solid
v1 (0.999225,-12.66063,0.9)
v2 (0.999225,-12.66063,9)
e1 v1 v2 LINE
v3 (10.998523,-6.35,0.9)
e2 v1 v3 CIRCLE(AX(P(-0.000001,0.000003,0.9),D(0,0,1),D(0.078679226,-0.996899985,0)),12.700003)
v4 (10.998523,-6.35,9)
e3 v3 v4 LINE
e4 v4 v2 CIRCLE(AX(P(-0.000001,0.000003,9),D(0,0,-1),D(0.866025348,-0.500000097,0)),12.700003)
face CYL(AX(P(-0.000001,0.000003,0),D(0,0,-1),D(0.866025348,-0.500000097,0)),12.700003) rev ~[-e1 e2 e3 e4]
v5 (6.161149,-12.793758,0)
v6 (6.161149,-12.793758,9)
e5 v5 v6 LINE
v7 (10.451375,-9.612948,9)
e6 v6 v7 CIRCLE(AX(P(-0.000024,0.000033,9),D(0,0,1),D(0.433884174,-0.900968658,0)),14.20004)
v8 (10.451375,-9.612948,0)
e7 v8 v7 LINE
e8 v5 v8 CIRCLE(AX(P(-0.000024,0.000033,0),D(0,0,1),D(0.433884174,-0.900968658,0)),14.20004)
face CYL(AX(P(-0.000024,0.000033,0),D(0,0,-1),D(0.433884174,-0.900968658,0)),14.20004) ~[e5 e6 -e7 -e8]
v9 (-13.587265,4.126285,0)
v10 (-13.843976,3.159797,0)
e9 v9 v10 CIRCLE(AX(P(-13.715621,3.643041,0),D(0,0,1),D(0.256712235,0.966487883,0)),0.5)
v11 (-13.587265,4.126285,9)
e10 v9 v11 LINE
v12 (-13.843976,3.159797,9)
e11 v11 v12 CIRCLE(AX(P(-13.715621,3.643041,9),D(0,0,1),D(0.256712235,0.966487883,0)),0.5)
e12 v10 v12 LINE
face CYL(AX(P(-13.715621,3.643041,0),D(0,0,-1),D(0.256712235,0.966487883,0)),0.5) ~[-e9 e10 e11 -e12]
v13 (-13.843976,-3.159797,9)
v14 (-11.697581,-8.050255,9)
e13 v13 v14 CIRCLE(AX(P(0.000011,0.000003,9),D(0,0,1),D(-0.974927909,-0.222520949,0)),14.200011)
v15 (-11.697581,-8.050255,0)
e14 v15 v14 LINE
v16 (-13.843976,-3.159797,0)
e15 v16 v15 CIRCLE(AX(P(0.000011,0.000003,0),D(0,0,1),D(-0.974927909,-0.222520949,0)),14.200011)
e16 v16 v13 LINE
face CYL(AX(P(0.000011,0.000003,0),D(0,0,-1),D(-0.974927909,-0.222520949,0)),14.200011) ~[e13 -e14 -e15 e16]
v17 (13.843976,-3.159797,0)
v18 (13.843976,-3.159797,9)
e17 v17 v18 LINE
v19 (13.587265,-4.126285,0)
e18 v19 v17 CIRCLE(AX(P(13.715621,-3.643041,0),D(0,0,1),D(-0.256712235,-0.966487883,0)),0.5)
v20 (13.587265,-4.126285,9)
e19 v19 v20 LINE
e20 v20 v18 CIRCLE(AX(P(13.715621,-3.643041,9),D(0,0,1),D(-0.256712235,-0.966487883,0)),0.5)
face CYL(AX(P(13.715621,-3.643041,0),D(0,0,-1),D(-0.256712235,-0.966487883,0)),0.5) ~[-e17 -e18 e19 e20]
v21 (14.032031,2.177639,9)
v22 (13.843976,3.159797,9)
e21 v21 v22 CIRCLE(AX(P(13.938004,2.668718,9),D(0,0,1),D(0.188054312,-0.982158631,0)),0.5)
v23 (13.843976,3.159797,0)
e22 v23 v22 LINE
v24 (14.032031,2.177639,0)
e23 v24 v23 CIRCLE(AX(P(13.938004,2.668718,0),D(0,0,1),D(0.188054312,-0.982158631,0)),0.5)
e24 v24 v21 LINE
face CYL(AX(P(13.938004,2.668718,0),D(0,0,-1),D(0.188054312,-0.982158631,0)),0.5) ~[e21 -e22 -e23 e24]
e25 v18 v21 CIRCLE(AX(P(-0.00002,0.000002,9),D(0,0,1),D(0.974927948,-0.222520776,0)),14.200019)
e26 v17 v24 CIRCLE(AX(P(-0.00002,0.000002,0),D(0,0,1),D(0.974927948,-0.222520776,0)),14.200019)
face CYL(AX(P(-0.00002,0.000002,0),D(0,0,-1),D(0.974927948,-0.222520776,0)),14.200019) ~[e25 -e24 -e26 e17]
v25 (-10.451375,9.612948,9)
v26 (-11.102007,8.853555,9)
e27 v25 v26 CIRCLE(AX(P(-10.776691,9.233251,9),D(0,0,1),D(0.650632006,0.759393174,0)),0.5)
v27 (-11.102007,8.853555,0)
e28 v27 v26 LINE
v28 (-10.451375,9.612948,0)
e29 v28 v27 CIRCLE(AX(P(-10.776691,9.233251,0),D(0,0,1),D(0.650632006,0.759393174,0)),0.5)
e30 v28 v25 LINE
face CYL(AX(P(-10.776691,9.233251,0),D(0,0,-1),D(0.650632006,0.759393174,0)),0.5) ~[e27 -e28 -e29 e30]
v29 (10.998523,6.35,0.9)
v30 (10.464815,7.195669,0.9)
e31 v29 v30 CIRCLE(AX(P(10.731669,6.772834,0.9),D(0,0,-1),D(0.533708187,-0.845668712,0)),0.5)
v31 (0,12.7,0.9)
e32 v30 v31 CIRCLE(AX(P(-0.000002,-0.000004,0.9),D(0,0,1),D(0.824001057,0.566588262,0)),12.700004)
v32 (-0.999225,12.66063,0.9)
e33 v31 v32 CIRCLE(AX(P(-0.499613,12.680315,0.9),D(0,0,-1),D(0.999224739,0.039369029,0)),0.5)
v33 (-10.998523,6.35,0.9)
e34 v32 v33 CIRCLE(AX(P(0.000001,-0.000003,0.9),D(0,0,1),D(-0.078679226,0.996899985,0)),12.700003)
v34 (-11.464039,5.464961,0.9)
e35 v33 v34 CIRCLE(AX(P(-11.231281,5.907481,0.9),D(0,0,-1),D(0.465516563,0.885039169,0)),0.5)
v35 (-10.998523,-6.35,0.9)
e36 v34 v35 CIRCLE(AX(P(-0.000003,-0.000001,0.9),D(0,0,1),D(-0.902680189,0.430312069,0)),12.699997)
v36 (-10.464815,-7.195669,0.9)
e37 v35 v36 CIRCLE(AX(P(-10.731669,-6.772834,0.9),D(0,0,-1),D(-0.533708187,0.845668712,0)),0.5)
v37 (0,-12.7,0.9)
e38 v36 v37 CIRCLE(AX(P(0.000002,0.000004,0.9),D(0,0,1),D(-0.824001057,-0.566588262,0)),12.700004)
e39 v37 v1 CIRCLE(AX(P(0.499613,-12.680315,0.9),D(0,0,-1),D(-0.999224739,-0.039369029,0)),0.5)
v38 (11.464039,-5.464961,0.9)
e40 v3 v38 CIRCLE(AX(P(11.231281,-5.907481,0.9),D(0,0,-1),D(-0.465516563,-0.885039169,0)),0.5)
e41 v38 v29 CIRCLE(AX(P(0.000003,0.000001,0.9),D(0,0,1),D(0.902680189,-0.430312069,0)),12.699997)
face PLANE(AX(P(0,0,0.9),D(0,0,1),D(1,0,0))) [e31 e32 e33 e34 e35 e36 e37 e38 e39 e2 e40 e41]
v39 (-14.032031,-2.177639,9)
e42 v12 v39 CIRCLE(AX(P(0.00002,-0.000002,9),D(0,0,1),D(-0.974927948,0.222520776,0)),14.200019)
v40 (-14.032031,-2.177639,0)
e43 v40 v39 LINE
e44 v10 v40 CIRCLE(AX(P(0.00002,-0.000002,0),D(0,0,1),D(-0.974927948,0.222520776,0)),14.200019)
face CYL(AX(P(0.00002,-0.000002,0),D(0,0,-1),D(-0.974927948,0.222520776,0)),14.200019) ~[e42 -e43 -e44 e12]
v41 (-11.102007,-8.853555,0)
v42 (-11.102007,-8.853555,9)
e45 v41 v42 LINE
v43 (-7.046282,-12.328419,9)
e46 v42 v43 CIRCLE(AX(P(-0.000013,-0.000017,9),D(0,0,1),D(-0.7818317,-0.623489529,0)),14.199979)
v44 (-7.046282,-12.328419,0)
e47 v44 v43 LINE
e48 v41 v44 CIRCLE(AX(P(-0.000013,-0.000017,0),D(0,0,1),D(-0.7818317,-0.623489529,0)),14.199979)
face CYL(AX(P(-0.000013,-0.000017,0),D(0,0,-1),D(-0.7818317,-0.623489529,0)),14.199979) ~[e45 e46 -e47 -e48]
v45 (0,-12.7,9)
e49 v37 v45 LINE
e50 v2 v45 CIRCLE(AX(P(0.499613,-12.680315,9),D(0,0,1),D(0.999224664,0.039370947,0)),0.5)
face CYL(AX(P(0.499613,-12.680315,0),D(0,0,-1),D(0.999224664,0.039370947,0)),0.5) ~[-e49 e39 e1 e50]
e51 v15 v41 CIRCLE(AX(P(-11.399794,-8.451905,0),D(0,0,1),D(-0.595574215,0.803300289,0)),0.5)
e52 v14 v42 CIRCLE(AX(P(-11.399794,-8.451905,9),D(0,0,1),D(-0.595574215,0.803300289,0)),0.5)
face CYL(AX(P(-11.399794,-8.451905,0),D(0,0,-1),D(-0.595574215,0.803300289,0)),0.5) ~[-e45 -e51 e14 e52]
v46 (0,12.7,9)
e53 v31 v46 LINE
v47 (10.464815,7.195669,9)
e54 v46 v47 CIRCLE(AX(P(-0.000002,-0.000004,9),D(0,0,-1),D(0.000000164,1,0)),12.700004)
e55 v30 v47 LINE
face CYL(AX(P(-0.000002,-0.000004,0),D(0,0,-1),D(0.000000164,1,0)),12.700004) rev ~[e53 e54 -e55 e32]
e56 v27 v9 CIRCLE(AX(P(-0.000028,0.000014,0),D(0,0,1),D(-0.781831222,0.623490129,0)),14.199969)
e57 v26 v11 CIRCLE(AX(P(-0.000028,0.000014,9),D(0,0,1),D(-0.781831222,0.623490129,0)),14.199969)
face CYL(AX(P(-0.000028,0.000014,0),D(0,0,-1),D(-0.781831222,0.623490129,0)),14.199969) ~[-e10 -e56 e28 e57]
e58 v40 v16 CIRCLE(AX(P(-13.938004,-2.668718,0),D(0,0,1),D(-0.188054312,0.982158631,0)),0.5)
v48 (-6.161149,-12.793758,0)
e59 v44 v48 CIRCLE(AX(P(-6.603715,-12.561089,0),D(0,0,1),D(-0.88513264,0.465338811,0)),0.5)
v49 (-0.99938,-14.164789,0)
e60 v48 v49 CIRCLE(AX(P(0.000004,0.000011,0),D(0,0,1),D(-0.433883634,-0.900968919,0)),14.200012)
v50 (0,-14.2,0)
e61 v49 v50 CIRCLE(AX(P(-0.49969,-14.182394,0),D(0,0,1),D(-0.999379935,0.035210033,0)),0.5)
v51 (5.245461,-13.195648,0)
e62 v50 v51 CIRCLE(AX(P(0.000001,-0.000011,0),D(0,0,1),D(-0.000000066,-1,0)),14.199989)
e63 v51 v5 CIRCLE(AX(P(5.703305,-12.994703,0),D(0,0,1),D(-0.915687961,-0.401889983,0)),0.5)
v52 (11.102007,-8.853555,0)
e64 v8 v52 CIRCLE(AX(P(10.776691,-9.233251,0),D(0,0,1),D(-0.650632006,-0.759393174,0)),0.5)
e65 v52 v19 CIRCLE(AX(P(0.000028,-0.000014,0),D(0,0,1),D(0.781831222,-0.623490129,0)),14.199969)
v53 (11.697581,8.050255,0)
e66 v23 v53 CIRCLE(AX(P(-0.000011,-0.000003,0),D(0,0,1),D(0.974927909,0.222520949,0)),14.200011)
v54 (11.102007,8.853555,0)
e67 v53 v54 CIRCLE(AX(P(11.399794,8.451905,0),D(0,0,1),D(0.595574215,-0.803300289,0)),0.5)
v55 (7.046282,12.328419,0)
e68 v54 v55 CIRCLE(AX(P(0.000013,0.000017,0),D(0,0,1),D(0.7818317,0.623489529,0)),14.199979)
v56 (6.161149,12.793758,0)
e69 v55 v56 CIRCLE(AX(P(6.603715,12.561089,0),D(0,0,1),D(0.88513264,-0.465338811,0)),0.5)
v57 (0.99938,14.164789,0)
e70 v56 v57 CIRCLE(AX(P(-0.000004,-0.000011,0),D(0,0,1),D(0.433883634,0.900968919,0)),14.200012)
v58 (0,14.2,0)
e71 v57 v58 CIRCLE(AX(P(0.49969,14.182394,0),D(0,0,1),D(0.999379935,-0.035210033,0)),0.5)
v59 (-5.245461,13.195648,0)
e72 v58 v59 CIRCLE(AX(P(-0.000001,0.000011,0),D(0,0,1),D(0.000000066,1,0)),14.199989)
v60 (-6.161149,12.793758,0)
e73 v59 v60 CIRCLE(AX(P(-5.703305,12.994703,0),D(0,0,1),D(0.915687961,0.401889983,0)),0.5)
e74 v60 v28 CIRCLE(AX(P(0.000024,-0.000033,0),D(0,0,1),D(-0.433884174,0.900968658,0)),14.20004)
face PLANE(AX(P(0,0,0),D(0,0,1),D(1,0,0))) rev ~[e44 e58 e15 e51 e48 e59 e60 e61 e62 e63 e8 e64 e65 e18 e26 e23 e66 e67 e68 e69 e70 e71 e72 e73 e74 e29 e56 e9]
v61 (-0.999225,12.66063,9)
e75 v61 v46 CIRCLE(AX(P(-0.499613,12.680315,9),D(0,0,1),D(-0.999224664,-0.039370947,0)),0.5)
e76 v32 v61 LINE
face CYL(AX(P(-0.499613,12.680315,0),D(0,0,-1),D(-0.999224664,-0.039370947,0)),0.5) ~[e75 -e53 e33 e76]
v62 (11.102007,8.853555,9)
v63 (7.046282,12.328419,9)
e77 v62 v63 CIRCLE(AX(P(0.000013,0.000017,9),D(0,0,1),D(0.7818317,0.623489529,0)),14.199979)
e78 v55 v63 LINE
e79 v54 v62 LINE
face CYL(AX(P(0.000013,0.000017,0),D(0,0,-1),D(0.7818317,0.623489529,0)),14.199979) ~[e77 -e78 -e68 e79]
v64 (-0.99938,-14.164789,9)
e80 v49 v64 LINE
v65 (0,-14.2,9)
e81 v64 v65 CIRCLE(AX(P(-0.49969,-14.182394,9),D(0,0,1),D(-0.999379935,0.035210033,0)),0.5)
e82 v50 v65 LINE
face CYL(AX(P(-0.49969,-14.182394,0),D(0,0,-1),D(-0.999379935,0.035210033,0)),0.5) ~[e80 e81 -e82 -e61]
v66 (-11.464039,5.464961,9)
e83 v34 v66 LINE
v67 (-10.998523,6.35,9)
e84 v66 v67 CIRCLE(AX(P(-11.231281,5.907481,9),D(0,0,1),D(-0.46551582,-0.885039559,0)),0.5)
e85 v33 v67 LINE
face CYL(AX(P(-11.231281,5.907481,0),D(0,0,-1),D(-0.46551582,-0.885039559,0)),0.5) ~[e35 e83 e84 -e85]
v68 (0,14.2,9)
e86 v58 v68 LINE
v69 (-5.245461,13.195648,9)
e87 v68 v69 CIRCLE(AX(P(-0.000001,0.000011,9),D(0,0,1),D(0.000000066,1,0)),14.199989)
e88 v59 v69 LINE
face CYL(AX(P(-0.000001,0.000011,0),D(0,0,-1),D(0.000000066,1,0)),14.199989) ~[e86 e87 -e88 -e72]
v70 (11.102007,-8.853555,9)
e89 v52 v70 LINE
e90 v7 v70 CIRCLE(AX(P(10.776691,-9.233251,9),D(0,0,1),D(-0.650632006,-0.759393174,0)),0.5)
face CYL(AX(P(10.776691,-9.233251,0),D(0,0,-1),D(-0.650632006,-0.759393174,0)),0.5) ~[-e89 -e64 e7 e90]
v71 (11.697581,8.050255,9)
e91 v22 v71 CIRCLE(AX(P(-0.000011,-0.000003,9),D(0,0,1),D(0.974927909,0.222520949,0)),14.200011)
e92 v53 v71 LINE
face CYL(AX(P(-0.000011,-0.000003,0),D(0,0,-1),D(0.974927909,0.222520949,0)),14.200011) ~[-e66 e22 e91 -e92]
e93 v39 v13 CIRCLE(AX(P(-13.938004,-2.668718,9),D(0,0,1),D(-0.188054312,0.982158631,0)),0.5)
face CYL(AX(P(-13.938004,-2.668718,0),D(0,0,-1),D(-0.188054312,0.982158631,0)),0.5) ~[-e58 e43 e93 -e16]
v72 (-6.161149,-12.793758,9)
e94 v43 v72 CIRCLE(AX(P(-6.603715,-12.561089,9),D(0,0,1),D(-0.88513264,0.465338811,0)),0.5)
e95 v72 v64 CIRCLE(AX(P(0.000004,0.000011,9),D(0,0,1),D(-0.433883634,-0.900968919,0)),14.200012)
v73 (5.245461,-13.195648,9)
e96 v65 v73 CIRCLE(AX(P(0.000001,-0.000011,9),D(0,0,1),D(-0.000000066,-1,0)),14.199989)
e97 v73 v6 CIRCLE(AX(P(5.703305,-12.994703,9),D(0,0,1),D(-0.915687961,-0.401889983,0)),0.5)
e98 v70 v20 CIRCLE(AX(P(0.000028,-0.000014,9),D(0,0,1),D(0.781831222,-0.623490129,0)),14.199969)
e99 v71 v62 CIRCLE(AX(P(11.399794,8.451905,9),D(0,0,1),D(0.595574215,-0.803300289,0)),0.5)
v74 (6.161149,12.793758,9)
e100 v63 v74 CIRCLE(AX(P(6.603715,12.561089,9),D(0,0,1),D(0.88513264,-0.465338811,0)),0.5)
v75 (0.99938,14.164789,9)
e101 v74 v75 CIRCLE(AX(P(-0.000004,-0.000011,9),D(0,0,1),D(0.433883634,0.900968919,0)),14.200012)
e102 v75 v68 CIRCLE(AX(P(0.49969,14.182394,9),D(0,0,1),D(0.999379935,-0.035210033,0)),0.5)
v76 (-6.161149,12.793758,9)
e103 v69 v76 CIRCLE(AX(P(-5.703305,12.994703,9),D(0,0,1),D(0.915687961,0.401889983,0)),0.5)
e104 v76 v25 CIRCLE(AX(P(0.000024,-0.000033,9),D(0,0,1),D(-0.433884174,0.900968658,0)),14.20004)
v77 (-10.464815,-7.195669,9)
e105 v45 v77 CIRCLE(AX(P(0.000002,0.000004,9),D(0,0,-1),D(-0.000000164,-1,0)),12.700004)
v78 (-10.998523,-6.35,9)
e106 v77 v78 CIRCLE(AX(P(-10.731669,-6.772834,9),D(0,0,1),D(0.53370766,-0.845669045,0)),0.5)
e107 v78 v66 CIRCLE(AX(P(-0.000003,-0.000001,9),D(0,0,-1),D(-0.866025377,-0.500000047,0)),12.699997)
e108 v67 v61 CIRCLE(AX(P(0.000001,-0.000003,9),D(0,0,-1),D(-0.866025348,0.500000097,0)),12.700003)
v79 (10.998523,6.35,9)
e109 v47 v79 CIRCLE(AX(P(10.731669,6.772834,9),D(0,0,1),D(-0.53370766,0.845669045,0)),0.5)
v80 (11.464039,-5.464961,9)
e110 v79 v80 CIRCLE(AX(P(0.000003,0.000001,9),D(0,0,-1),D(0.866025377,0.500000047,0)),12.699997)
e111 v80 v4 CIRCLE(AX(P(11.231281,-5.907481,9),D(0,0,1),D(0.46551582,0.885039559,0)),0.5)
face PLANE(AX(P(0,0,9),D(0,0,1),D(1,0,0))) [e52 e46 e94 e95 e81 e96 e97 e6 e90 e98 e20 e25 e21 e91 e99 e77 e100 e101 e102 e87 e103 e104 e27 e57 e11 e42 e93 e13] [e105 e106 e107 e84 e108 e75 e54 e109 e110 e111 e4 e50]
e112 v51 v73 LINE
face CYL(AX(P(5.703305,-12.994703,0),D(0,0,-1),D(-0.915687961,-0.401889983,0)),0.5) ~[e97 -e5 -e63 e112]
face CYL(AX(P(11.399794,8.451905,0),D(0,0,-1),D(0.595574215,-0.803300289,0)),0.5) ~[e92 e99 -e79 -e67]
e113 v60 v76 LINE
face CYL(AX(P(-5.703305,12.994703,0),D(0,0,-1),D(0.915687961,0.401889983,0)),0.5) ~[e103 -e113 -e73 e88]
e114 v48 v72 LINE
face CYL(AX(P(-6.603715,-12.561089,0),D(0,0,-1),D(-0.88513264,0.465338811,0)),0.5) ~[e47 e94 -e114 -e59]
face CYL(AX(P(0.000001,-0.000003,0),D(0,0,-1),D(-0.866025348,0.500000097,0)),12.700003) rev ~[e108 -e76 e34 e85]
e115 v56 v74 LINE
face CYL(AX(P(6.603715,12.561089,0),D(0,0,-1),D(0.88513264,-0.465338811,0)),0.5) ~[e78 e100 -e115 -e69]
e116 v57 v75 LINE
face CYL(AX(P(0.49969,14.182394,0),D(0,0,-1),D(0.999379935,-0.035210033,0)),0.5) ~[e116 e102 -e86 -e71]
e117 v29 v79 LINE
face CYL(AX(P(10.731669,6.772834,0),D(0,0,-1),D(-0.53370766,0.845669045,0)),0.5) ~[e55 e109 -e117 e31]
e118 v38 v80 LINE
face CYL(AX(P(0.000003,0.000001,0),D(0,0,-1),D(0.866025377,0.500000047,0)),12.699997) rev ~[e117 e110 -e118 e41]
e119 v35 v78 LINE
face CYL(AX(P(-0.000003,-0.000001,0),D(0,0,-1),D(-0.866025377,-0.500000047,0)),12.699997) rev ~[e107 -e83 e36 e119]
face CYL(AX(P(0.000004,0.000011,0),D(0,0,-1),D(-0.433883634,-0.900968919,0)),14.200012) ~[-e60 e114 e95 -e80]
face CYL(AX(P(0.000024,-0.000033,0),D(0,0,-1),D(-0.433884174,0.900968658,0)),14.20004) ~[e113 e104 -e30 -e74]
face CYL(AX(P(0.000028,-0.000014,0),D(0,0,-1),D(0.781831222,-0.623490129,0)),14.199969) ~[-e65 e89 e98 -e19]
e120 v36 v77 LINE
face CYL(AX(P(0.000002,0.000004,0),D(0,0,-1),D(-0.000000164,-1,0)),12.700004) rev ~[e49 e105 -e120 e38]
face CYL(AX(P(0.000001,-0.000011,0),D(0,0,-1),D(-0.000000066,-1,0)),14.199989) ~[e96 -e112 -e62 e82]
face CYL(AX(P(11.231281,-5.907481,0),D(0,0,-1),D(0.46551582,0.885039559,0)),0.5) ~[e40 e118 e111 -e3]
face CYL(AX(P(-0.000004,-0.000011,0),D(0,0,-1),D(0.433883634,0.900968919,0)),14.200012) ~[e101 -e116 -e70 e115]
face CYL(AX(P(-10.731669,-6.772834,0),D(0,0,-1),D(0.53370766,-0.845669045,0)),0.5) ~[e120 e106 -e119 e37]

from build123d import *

# Parameters (mm, degrees)
F1_DEPTH = 0.9
F2_DEPTH = 9


with BuildPart() as f1:
    # F0 (on Top) → F1 (new body)
    with BuildSketch(Plane.XY):
        with BuildLine():
            ThreePointArc((0, 12.7), (-0.479927, 12.180703), (-0.999225, 12.66063))
            ThreePointArc((-0.999225, 12.66063), (-6.77809, 10.739995), (-10.998523, 6.35))
            ThreePointArc((-10.998523, 6.35), (-10.788762, 5.674722), (-11.464039, 5.464961))
            ThreePointArc((-11.464039, 5.464961), (-12.690154, -0.5), (-10.998523, -6.35))
            ThreePointArc((-10.998523, -6.35), (-10.308834, -6.505981), (-10.464815, -7.195669))
            ThreePointArc((-10.464815, -7.195669), (-5.912064, -11.239995), (0, -12.7))
            ThreePointArc((0, -12.7), (0.479927, -12.180703), (0.999225, -12.66063))
            ThreePointArc((0.999225, -12.66063), (6.77809, -10.739995), (10.998523, -6.35))
            ThreePointArc((10.998523, -6.35), (10.788762, -5.674722), (11.464039, -5.464961))
            ThreePointArc((11.464039, -5.464961), (12.690154, 0.5), (10.998523, 6.35))
            ThreePointArc((10.998523, 6.35), (10.308834, 6.505981), (10.464815, 7.195669))
            ThreePointArc((10.464815, 7.195669), (5.912064, 11.239995), (0, 12.7))
        make_face()
    extrude(amount=F1_DEPTH)

    # F0 (on Top) → F2 (join)
    with BuildSketch(Plane.XY):
        with BuildLine():
            ThreePointArc((0.99938, 14.164789), (0.517296, 14.682084), (0, 14.2))
            ThreePointArc((0, 14.2), (-2.670374, 13.946652), (-5.245461, 13.195648))
            ThreePointArc((-5.245461, 13.195648), (-5.90425, 13.452547), (-6.161149, 12.793758))
            ThreePointArc((-6.161149, 12.793758), (-8.457149, 11.406867), (-10.451375, 9.612948))
            ThreePointArc((-10.451375, 9.612948), (-11.156387, 9.558568), (-11.102007, 8.853555))
            ThreePointArc((-11.102007, 8.853555), (-12.568883, 6.607813), (-13.587265, 4.126285))
            ThreePointArc((-13.587265, 4.126285), (-14.198865, 3.771397), (-13.843976, 3.159797))
            ThreePointArc((-13.843976, 3.159797), (-14.191194, 0.5), (-14.032031, -2.177639))
            ThreePointArc((-14.032031, -2.177639), (-14.429083, -2.762745), (-13.843976, -3.159797))
            ThreePointArc((-13.843976, -3.159797), (-13.002766, -5.706844), (-11.697581, -8.050255))
            ThreePointArc((-11.697581, -8.050255), (-11.801444, -8.749692), (-11.102007, -8.853555))
            ThreePointArc((-11.102007, -8.853555), (-9.238981, -10.783378), (-7.046282, -12.328419))
            ThreePointArc((-7.046282, -12.328419), (-6.836385, -13.003655), (-6.161149, -12.793758))
            ThreePointArc((-6.161149, -12.793758), (-3.645302, -13.724131), (-0.99938, -14.164789))
            ThreePointArc((-0.99938, -14.164789), (-0.517296, -14.682084), (0, -14.2))
            ThreePointArc((0, -14.2), (2.670374, -13.946652), (5.245461, -13.195648))
            ThreePointArc((5.245461, -13.195648), (5.90425, -13.452547), (6.161149, -12.793758))
            ThreePointArc((6.161149, -12.793758), (8.457149, -11.406867), (10.451375, -9.612948))
            ThreePointArc((10.451375, -9.612948), (11.156387, -9.558568), (11.102007, -8.853555))
            ThreePointArc((11.102007, -8.853555), (12.568883, -6.607813), (13.587265, -4.126285))
            ThreePointArc((13.587265, -4.126285), (14.198865, -3.771397), (13.843976, -3.159797))
            ThreePointArc((13.843976, -3.159797), (14.191194, -0.5), (14.032031, 2.177639))
            ThreePointArc((14.032031, 2.177639), (14.429083, 2.762745), (13.843976, 3.159797))
            ThreePointArc((13.843976, 3.159797), (13.002766, 5.706844), (11.697581, 8.050255))
            ThreePointArc((11.697581, 8.050255), (11.801444, 8.749692), (11.102007, 8.853555))
            ThreePointArc((11.102007, 8.853555), (9.238981, 10.783378), (7.046282, 12.328419))
            ThreePointArc((7.046282, 12.328419), (6.836385, 13.003655), (6.161149, 12.793758))
            ThreePointArc((6.161149, 12.793758), (3.645302, 13.724131), (0.99938, 14.164789))
        make_face()
        with BuildLine():
            ThreePointArc((-10.998523, 6.35), (-6.77809, 10.739995), (-0.999225, 12.66063))
            ThreePointArc((-0.999225, 12.66063), (-0.479927, 12.180703), (0, 12.7))
            ThreePointArc((0, 12.7), (5.912064, 11.239995), (10.464815, 7.195669))
            ThreePointArc((10.464815, 7.195669), (10.308834, 6.505981), (10.998523, 6.35))
            ThreePointArc((10.998523, 6.35), (12.690154, 0.5), (11.464039, -5.464961))
            ThreePointArc((11.464039, -5.464961), (10.788762, -5.674722), (10.998523, -6.35))
            ThreePointArc((10.998523, -6.35), (6.77809, -10.739995), (0.999225, -12.66063))
            ThreePointArc((0.999225, -12.66063), (0.479927, -12.180703), (0, -12.7))
            ThreePointArc((0, -12.7), (-5.912064, -11.239995), (-10.464815, -7.195669))
            ThreePointArc((-10.464815, -7.195669), (-10.308834, -6.505981), (-10.998523, -6.35))
            ThreePointArc((-10.998523, -6.35), (-12.690154, -0.5), (-11.464039, 5.464961))
            ThreePointArc((-11.464039, 5.464961), (-10.788762, 5.674722), (-10.998523, 6.35))
        make_face(mode=Mode.SUBTRACT)
    extrude(amount=F2_DEPTH)


solid = f1.part
